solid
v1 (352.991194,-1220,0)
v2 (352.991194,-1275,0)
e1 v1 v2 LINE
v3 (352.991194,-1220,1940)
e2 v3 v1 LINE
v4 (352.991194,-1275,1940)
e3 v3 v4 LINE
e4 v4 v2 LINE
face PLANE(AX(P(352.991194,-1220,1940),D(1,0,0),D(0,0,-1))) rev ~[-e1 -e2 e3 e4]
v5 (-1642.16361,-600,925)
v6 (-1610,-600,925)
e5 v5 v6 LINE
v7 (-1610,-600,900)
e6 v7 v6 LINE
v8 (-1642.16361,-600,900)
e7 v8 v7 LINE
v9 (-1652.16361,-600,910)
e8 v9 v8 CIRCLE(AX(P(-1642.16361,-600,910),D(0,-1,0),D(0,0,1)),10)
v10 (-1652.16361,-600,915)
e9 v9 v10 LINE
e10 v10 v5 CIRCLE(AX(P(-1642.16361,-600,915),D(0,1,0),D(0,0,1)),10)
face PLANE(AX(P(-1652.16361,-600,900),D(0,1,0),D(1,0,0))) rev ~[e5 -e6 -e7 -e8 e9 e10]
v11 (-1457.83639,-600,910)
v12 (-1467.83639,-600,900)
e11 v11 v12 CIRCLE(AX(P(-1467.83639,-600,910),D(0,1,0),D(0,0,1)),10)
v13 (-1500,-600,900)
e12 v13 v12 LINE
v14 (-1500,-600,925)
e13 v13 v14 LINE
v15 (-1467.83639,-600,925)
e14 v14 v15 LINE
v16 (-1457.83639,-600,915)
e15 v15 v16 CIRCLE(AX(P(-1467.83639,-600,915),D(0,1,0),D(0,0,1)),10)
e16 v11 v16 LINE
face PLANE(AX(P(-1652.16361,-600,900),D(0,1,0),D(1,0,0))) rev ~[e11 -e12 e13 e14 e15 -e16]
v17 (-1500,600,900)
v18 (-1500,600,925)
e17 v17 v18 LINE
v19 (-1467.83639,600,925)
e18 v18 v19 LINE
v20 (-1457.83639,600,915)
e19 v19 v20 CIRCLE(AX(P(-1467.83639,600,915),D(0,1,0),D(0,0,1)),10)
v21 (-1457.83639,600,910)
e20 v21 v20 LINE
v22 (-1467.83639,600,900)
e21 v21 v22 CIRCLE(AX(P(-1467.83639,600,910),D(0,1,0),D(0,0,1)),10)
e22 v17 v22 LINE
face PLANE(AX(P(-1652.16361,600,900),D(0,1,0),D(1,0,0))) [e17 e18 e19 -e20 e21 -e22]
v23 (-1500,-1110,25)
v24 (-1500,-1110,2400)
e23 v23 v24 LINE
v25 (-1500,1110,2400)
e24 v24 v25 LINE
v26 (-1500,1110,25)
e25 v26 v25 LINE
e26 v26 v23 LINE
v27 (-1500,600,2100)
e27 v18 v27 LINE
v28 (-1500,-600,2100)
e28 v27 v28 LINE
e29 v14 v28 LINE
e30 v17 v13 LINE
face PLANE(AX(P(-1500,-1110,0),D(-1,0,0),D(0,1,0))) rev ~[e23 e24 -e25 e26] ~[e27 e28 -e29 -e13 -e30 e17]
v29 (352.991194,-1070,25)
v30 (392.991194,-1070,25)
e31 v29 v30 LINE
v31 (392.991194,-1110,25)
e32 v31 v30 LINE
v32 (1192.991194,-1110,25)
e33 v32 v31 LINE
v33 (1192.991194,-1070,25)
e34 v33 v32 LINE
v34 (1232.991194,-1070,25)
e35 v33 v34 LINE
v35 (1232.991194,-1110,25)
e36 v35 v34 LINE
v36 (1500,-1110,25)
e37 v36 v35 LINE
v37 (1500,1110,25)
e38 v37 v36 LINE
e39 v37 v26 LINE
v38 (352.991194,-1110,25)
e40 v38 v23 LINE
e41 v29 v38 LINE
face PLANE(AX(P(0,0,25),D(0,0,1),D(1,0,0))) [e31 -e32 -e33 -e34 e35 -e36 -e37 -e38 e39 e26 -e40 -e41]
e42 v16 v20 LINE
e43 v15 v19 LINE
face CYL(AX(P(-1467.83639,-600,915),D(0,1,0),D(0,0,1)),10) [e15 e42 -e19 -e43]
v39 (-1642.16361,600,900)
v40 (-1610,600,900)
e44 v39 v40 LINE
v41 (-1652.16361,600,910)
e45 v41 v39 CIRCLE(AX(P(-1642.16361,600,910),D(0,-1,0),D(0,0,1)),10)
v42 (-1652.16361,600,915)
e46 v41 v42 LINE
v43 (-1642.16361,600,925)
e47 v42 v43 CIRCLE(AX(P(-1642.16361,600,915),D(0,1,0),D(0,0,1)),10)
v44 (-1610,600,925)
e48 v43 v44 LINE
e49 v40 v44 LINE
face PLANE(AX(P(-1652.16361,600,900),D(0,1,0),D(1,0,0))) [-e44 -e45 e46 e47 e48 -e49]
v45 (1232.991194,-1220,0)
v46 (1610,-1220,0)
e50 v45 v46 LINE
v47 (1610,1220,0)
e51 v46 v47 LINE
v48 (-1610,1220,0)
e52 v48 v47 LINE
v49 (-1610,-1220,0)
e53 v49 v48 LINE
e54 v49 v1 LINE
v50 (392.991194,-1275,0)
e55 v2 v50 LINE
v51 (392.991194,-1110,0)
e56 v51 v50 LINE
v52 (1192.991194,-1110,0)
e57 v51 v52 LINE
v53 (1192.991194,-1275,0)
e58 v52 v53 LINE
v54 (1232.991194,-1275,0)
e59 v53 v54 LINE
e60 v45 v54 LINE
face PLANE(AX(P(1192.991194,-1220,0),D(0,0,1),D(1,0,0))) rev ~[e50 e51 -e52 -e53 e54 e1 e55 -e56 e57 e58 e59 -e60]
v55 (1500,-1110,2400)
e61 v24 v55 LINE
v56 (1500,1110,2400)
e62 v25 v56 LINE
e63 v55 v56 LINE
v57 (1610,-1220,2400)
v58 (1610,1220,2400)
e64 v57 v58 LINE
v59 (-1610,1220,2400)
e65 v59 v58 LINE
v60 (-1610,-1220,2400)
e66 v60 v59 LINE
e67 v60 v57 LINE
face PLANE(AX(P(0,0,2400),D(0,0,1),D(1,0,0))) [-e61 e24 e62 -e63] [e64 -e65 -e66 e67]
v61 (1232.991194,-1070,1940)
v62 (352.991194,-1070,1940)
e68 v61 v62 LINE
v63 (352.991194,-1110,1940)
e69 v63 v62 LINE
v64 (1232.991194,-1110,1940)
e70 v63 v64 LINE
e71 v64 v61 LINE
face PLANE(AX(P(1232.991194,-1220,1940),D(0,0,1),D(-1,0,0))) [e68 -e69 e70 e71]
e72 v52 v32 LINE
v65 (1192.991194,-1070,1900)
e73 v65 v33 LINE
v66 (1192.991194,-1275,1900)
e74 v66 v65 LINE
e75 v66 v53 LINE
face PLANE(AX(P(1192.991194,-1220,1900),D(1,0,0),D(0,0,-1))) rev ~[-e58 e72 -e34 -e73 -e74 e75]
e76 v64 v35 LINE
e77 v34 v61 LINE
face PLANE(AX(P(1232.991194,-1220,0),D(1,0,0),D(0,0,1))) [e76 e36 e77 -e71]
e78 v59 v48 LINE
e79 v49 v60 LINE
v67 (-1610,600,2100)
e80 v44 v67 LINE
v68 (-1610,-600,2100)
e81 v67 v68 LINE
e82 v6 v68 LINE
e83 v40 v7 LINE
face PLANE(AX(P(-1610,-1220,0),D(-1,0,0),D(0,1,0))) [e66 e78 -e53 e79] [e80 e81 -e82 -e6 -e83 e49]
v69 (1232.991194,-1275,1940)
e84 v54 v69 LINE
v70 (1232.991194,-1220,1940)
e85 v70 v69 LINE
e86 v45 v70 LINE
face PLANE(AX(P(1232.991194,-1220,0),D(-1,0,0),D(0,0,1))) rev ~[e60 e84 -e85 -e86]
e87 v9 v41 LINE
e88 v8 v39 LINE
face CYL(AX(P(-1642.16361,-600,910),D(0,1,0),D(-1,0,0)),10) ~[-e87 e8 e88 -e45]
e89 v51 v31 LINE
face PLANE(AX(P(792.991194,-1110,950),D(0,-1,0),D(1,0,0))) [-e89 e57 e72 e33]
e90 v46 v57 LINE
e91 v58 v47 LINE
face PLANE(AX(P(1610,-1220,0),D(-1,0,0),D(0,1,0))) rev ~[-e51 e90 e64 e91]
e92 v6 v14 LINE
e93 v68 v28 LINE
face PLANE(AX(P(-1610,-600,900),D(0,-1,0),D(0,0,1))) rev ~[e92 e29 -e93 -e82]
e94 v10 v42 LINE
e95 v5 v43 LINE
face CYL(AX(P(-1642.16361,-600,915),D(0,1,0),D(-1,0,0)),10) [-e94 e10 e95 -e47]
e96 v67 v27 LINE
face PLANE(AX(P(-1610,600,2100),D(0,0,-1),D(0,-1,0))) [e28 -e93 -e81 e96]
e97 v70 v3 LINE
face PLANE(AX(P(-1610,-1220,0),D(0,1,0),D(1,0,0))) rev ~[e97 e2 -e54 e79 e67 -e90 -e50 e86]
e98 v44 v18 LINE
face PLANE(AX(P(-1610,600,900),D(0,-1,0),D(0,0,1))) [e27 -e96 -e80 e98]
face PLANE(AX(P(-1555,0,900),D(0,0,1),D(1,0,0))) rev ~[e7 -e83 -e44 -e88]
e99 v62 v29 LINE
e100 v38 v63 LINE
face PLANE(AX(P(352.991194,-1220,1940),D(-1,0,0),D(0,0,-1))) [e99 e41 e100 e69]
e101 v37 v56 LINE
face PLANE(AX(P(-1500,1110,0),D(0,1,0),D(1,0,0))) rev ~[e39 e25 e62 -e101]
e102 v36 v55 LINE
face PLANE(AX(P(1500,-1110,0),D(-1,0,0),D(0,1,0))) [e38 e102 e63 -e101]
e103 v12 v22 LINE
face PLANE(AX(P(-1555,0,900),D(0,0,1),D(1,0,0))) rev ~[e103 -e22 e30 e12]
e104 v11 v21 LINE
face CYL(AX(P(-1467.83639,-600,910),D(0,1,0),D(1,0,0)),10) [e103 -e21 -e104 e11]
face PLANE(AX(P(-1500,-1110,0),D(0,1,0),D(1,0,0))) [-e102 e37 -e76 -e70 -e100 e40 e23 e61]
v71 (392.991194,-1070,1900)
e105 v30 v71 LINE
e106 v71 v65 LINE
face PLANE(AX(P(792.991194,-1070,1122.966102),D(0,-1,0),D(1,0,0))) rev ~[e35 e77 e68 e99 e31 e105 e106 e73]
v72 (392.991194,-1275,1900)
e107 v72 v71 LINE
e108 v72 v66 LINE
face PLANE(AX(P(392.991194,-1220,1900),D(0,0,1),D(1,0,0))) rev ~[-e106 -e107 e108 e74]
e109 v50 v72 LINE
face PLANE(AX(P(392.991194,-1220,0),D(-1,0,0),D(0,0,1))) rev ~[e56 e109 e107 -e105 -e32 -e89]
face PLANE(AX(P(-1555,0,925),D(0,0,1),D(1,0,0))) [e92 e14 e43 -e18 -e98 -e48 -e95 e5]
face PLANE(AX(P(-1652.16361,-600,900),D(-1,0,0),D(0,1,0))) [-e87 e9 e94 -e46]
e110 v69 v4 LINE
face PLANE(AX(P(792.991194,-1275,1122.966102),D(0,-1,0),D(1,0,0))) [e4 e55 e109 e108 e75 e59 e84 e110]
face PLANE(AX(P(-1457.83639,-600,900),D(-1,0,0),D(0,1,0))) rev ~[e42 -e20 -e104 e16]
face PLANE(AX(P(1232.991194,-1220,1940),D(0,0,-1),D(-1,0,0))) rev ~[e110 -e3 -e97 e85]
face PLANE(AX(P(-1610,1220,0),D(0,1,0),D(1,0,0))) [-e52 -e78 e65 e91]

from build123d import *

# Parameters (mm, degrees)
F0_W          = 3220
F0_H          = 2440
F0_W_2        = 3000
F0_H_2        = 2220
F1_DEPTH      = 25
F2_DEPTH      = 2400
F3_W          = 800
F3_H          = 1900
F4_DEPTH      = 110
F5_DEPTH      = 55
F5_DEPTH_BACK = 150
F6_W          = 1200
F6_H          = 1200
F7_DEPTH      = 2505
F8_W          = 194.32722
F8_H          = 1200
F9_DEPTH      = 25
F10_R         = 10


with BuildPart() as f1:
    # F0 (on Top) → F1 (new body)
    with BuildSketch(Plane.XY):
        Rectangle(F0_W, F0_H)
        Rectangle(F0_W_2, F0_H_2, mode=Mode.SUBTRACT)
        Rectangle(F0_W_2, F0_H_2)
    extrude(amount=F1_DEPTH)

    # F0 (on Top) → F2 (join)
    with BuildSketch(Plane.XY):
        Rectangle(F0_W, F0_H)
        Rectangle(F0_W_2, F0_H_2, mode=Mode.SUBTRACT)
    extrude(amount=F2_DEPTH)

    # F3 (on face) → F4 (cut)
    with BuildSketch(Plane.XZ.offset(1220)):
        with Locations((792.991194, 950)):
            Rectangle(F3_W, F3_H)
    extrude(amount=-F4_DEPTH, mode=Mode.SUBTRACT)

    # F3 (on face) → F5 (join, two sides)
    with BuildSketch(Plane.XZ.offset(1220)) as f5_sk:
        Polygon((1192.991194, 1900), (1192.991194, 0), (1232.991194, 0), (1232.991194, 1940), (352.991194, 1940), (352.991194, 0), (392.991194, 0), (392.991194, 1900), align=None)
    extrude(amount=F5_DEPTH)
    extrude(f5_sk.sketch, amount=-F5_DEPTH_BACK)

    # F6 (on face) → F7 (cut)
    with BuildSketch(Plane(origin=(-1610, 0, 0), x_dir=(0, -1, 0), z_dir=(-1, 0, 0))):
        with Locations((0, 1500)):
            Rectangle(F6_W, F6_H)
    extrude(amount=-F7_DEPTH, mode=Mode.SUBTRACT)

    # F8 (on face) → F9 (join)
    with BuildSketch(Plane.XY.offset(900)):
        with Locations((-1555, 0)):
            Rectangle(F8_W, F8_H)
    extrude(amount=F9_DEPTH)

    # F10
    f10_edges = [f1.edges().sort_by_distance(p)[0] for p in [
        (-1457.83639, 0, 925),
        (-1457.83639, 0, 900),
        (-1652.16361, 0, 925),
        (-1652.16361, 0, 900),
    ]]
    fillet(f10_edges, radius=F10_R)


solid = f1.part
